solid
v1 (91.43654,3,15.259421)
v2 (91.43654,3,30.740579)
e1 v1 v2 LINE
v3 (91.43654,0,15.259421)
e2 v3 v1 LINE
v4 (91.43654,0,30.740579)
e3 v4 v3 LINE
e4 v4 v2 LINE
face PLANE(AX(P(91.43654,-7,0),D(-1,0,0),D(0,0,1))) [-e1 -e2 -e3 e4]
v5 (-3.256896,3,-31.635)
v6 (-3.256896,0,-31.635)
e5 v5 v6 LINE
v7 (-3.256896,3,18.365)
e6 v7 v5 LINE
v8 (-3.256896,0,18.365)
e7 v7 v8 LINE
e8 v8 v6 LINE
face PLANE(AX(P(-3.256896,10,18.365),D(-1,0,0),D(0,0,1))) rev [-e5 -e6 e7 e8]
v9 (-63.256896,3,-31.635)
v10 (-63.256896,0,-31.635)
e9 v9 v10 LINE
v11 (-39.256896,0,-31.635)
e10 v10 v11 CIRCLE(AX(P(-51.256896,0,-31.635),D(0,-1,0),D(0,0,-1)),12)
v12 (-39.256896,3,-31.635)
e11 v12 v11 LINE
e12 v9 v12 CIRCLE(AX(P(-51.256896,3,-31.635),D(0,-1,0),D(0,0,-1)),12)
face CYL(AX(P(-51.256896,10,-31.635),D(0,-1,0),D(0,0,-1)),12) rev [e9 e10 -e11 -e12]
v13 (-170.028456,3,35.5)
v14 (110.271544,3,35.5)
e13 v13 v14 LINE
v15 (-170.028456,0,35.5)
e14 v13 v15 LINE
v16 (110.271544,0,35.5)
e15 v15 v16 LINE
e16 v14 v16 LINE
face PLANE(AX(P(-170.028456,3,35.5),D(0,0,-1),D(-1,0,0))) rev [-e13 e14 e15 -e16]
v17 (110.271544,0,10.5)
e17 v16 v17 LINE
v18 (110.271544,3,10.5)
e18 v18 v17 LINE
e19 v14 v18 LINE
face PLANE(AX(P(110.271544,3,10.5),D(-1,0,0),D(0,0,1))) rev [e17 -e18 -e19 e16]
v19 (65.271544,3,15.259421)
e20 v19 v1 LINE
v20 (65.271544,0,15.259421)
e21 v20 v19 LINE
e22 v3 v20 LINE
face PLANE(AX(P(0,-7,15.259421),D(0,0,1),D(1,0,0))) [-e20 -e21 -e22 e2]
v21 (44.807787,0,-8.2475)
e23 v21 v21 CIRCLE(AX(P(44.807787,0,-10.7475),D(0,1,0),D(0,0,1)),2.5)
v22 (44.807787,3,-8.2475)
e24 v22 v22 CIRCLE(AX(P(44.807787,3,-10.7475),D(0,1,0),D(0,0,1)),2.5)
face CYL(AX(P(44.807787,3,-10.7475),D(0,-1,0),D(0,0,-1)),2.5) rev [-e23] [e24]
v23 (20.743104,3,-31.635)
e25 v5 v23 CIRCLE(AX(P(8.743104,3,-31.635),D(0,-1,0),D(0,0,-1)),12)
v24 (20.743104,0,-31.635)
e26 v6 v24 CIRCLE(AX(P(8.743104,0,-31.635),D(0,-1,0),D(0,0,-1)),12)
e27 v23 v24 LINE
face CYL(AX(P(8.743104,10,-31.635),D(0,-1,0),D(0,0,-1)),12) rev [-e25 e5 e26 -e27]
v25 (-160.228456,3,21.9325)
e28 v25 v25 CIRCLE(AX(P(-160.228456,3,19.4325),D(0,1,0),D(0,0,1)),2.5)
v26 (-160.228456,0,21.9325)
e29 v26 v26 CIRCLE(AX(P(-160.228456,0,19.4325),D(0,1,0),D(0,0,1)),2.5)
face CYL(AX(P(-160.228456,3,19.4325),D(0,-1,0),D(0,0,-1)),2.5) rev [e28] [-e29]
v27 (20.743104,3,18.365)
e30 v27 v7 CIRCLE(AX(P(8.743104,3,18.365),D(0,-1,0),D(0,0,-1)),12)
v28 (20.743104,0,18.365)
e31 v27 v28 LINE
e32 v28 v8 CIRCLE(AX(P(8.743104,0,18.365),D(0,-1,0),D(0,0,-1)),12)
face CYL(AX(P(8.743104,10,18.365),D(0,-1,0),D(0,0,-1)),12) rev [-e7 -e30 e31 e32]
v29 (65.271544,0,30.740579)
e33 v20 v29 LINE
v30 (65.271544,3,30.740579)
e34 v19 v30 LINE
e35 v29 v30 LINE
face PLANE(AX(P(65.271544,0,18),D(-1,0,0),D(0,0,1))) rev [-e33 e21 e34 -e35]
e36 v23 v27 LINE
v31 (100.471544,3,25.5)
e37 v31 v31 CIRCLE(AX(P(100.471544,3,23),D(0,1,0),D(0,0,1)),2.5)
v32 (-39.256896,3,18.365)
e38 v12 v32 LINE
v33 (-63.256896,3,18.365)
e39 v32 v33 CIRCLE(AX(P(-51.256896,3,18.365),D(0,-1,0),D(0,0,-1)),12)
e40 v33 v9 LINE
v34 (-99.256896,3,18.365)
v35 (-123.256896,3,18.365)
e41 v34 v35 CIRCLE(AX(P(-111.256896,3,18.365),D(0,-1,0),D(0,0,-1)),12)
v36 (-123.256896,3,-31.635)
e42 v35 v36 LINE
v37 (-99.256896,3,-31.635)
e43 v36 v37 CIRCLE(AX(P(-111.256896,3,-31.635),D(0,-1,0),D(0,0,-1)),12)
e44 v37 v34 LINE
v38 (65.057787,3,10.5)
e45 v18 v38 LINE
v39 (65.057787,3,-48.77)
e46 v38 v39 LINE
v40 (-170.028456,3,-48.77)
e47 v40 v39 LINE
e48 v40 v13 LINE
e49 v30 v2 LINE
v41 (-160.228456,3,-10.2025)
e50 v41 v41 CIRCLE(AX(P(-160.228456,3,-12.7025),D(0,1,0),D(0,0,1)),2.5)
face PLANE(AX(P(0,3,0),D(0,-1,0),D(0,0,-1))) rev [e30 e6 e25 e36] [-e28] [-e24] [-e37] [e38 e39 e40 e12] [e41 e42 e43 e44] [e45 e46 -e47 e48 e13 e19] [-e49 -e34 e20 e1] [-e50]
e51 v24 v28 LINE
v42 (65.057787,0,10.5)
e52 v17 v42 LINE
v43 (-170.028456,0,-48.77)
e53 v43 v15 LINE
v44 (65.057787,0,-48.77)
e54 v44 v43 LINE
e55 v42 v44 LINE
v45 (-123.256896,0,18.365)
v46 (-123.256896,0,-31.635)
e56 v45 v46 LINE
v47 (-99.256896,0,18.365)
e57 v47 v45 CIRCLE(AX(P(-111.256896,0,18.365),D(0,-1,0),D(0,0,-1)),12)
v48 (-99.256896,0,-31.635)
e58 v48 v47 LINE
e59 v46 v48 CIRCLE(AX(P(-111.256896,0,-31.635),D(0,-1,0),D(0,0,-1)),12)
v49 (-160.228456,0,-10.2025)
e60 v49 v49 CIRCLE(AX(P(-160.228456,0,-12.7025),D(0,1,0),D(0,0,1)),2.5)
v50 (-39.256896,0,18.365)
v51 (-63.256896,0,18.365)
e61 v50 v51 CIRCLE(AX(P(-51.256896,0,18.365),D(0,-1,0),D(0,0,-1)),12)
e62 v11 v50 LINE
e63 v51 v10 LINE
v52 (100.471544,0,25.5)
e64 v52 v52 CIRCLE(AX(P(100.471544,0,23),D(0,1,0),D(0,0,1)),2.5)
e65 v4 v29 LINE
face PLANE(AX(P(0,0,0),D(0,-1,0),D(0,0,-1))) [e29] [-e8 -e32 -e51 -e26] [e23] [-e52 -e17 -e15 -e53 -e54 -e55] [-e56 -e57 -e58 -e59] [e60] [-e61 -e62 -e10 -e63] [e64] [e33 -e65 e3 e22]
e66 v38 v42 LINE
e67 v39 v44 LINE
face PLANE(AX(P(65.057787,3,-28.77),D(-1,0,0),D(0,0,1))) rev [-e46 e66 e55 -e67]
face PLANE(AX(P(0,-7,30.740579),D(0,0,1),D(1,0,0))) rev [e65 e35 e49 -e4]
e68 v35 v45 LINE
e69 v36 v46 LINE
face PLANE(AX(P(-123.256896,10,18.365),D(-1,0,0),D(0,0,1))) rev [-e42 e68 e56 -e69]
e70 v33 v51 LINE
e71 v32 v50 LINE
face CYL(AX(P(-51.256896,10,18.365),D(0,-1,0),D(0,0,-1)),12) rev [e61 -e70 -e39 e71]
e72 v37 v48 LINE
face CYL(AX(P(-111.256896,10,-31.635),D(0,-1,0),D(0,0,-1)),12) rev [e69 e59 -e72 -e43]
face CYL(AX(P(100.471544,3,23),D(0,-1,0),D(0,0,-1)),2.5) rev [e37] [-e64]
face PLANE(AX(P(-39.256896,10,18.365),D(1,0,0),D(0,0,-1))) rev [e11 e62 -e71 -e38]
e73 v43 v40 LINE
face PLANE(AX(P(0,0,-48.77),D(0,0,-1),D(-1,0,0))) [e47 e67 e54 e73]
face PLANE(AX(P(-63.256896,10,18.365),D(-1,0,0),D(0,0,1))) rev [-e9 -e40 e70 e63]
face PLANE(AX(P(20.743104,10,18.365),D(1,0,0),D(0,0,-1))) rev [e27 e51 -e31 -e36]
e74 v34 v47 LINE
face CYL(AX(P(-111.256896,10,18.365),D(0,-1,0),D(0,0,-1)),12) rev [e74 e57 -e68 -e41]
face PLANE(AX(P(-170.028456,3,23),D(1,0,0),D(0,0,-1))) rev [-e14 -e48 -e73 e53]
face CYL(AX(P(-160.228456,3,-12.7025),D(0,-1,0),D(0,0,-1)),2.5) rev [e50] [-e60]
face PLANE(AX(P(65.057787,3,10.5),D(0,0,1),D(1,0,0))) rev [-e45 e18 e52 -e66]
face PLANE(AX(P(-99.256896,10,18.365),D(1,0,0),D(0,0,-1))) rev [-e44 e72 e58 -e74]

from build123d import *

# Parameters (mm, degrees)
ESQUISSE1_R             = 2.5
BOSS_EXTRU_1_DEPTH      = 3
ESQUISSE2_W             = 20
ESQUISSE2_H             = 10
ENL_V_MAT_EXTRU_1_DEPTH = 174.720827721
SKETCH1_W               = 235.08624341
SKETCH1_H               = 3
BOSS_EXTRUDE1_DEPTH     = 20
CUT_EXTRUDE1_DEPTH      = 10
SKETCH3_W               = 20
SKETCH3_H               = 2.74057888
CUT_EXTRUDE2_DEPTH      = 10


with BuildPart() as part:
    # Esquisse1 → Boss.-Extru.1 (new body)
    with BuildSketch(Plane(origin=(0, 0, 0), x_dir=(1, 0, 0), z_dir=(0, 1, 0))):
        Polygon((-170.028456395, 18.77), (-170.028456395, -23), (-170.028456395, -35.5), (110.271543605, -35.5), (110.271543605, -10.5), (65.057787015, -10.5), (65.057787015, 28.77), (-170.028456395, 28.77), align=None)
        with Locations(Location((100.471543605, -23, 0), (0, 0, 270))):
            Circle(ESQUISSE1_R, mode=Mode.SUBTRACT)
        with Locations(Location((-160.228456395, -19.4325, 0), (0, 0, 270))):
            Circle(ESQUISSE1_R, mode=Mode.SUBTRACT)
        with Locations(Location((-160.228456395, 12.7025, 0), (0, 0, 270))):
            Circle(ESQUISSE1_R, mode=Mode.SUBTRACT)
        with Locations(Location((44.807787015, 10.747499922, 0), (0, 0, 270))):
            Circle(ESQUISSE1_R, mode=Mode.SUBTRACT)
    extrude(amount=BOSS_EXTRU_1_DEPTH)

    # Esquisse2 → Enlèv. mat.-Extru.1 (cut, through all)
    with BuildSketch(Plane(origin=(0, 3, 0), x_dir=(1, 0, 0), z_dir=(0, 1, 0))):
        with BuildLine():
            Line((-113.756895542, 11.635), (-113.756895542, -18.365))
            ThreePointArc((-113.756895542, -18.365), (-111.256895542, -20.865), (-108.756895542, -18.365))
            Line((-108.756895542, -18.365), (-108.756895542, 11.635))
            ThreePointArc((-108.756895542, 11.635), (-111.256895542, 14.135), (-113.756895542, 11.635))
        make_face()
        with BuildLine():
            Line((-54.98533469, 11.635), (-54.98533469, -18.365))
            ThreePointArc((-54.98533469, -18.365), (-52.48533469, -20.865), (-49.98533469, -18.365))
            Line((-49.98533469, -18.365), (-49.98533469, 11.635))
            ThreePointArc((-49.98533469, 11.635), (-52.48533469, 14.135), (-54.98533469, 11.635))
        make_face()
        with BuildLine():
            Line((3.786226163, 11.635), (3.786226163, -18.365))
            ThreePointArc((3.786226163, -18.365), (6.286226163, -20.865), (8.786226163, -18.365))
            Line((8.786226163, -18.365), (8.786226163, 11.635))
            ThreePointArc((8.786226163, 11.635), (6.286226163, 14.135), (3.786226163, 11.635))
        make_face()
        with Locations((75.271543605, -23)):
            Rectangle(ESQUISSE2_W, ESQUISSE2_H)
    extrude(amount=-ENL_V_MAT_EXTRU_1_DEPTH, mode=Mode.SUBTRACT)

    # Sketch1 → Boss-Extrude1 (add)
    with BuildSketch(Plane(origin=(0, 0, -28.77), x_dir=(-1, 0, 0), z_dir=(0, 0, -1))):
        with Locations((52.48533469, 1.5)):
            Rectangle(SKETCH1_W, SKETCH1_H)
    extrude(amount=BOSS_EXTRUDE1_DEPTH)

    # Sketch2 → Cut-Extrude1 (cut)
    with BuildSketch(Plane(origin=(0, 0, 0), x_dir=(-1, 0, 0), z_dir=(0, -1, 0))):
        with BuildLine():
            Line((99.256895542, -18.365), (99.256895542, 31.635))
            ThreePointArc((99.256895542, 31.635), (111.256895542, 43.635), (123.256895542, 31.635))
            Line((123.256895542, 31.635), (123.256895542, -18.365))
            ThreePointArc((123.256895542, -18.365), (111.256895542, -30.365), (99.256895542, -18.365))
        make_face()
        with BuildLine():
            Line((39.256895542, -18.365), (39.256895542, 31.635))
            ThreePointArc((39.256895542, 31.635), (51.256895542, 43.635), (63.256895542, 31.635))
            Line((63.256895542, 31.635), (63.256895542, -18.365))
            ThreePointArc((63.256895542, -18.365), (51.256895542, -30.365), (39.256895542, -18.365))
        make_face()
        with BuildLine():
            Line((-20.743104458, -18.365), (-20.743104458, 31.635))
            ThreePointArc((-20.743104458, 31.635), (-8.743104458, 43.635), (3.256895542, 31.635))
            Line((3.256895542, 31.635), (3.256895542, -18.365))
            ThreePointArc((3.256895542, -18.365), (-8.743104458, -30.365), (-20.743104458, -18.365))
        make_face()
    extrude(amount=-CUT_EXTRUDE1_DEPTH, mode=Mode.SUBTRACT)

    # Sketch3 → Cut-Extrude2 (cut)
    with BuildSketch(Plane(origin=(0, 3, 0), x_dir=(1, 0, 0), z_dir=(0, 1, 0))):
        Polygon((85.271543605, -28), (85.271543605, -30.74057888), (91.436540381, -30.74057888), (91.436540381, -15.25942112), (85.271543605, -15.25942112), (85.271543605, -18), align=None)
        with Locations((75.271543605, -16.62971056)):
            Rectangle(SKETCH3_W, SKETCH3_H)
        with Locations((75.271543605, -29.37028944)):
            Rectangle(SKETCH3_W, SKETCH3_H)
    extrude(amount=-CUT_EXTRUDE2_DEPTH, mode=Mode.SUBTRACT)


solid = part.part
